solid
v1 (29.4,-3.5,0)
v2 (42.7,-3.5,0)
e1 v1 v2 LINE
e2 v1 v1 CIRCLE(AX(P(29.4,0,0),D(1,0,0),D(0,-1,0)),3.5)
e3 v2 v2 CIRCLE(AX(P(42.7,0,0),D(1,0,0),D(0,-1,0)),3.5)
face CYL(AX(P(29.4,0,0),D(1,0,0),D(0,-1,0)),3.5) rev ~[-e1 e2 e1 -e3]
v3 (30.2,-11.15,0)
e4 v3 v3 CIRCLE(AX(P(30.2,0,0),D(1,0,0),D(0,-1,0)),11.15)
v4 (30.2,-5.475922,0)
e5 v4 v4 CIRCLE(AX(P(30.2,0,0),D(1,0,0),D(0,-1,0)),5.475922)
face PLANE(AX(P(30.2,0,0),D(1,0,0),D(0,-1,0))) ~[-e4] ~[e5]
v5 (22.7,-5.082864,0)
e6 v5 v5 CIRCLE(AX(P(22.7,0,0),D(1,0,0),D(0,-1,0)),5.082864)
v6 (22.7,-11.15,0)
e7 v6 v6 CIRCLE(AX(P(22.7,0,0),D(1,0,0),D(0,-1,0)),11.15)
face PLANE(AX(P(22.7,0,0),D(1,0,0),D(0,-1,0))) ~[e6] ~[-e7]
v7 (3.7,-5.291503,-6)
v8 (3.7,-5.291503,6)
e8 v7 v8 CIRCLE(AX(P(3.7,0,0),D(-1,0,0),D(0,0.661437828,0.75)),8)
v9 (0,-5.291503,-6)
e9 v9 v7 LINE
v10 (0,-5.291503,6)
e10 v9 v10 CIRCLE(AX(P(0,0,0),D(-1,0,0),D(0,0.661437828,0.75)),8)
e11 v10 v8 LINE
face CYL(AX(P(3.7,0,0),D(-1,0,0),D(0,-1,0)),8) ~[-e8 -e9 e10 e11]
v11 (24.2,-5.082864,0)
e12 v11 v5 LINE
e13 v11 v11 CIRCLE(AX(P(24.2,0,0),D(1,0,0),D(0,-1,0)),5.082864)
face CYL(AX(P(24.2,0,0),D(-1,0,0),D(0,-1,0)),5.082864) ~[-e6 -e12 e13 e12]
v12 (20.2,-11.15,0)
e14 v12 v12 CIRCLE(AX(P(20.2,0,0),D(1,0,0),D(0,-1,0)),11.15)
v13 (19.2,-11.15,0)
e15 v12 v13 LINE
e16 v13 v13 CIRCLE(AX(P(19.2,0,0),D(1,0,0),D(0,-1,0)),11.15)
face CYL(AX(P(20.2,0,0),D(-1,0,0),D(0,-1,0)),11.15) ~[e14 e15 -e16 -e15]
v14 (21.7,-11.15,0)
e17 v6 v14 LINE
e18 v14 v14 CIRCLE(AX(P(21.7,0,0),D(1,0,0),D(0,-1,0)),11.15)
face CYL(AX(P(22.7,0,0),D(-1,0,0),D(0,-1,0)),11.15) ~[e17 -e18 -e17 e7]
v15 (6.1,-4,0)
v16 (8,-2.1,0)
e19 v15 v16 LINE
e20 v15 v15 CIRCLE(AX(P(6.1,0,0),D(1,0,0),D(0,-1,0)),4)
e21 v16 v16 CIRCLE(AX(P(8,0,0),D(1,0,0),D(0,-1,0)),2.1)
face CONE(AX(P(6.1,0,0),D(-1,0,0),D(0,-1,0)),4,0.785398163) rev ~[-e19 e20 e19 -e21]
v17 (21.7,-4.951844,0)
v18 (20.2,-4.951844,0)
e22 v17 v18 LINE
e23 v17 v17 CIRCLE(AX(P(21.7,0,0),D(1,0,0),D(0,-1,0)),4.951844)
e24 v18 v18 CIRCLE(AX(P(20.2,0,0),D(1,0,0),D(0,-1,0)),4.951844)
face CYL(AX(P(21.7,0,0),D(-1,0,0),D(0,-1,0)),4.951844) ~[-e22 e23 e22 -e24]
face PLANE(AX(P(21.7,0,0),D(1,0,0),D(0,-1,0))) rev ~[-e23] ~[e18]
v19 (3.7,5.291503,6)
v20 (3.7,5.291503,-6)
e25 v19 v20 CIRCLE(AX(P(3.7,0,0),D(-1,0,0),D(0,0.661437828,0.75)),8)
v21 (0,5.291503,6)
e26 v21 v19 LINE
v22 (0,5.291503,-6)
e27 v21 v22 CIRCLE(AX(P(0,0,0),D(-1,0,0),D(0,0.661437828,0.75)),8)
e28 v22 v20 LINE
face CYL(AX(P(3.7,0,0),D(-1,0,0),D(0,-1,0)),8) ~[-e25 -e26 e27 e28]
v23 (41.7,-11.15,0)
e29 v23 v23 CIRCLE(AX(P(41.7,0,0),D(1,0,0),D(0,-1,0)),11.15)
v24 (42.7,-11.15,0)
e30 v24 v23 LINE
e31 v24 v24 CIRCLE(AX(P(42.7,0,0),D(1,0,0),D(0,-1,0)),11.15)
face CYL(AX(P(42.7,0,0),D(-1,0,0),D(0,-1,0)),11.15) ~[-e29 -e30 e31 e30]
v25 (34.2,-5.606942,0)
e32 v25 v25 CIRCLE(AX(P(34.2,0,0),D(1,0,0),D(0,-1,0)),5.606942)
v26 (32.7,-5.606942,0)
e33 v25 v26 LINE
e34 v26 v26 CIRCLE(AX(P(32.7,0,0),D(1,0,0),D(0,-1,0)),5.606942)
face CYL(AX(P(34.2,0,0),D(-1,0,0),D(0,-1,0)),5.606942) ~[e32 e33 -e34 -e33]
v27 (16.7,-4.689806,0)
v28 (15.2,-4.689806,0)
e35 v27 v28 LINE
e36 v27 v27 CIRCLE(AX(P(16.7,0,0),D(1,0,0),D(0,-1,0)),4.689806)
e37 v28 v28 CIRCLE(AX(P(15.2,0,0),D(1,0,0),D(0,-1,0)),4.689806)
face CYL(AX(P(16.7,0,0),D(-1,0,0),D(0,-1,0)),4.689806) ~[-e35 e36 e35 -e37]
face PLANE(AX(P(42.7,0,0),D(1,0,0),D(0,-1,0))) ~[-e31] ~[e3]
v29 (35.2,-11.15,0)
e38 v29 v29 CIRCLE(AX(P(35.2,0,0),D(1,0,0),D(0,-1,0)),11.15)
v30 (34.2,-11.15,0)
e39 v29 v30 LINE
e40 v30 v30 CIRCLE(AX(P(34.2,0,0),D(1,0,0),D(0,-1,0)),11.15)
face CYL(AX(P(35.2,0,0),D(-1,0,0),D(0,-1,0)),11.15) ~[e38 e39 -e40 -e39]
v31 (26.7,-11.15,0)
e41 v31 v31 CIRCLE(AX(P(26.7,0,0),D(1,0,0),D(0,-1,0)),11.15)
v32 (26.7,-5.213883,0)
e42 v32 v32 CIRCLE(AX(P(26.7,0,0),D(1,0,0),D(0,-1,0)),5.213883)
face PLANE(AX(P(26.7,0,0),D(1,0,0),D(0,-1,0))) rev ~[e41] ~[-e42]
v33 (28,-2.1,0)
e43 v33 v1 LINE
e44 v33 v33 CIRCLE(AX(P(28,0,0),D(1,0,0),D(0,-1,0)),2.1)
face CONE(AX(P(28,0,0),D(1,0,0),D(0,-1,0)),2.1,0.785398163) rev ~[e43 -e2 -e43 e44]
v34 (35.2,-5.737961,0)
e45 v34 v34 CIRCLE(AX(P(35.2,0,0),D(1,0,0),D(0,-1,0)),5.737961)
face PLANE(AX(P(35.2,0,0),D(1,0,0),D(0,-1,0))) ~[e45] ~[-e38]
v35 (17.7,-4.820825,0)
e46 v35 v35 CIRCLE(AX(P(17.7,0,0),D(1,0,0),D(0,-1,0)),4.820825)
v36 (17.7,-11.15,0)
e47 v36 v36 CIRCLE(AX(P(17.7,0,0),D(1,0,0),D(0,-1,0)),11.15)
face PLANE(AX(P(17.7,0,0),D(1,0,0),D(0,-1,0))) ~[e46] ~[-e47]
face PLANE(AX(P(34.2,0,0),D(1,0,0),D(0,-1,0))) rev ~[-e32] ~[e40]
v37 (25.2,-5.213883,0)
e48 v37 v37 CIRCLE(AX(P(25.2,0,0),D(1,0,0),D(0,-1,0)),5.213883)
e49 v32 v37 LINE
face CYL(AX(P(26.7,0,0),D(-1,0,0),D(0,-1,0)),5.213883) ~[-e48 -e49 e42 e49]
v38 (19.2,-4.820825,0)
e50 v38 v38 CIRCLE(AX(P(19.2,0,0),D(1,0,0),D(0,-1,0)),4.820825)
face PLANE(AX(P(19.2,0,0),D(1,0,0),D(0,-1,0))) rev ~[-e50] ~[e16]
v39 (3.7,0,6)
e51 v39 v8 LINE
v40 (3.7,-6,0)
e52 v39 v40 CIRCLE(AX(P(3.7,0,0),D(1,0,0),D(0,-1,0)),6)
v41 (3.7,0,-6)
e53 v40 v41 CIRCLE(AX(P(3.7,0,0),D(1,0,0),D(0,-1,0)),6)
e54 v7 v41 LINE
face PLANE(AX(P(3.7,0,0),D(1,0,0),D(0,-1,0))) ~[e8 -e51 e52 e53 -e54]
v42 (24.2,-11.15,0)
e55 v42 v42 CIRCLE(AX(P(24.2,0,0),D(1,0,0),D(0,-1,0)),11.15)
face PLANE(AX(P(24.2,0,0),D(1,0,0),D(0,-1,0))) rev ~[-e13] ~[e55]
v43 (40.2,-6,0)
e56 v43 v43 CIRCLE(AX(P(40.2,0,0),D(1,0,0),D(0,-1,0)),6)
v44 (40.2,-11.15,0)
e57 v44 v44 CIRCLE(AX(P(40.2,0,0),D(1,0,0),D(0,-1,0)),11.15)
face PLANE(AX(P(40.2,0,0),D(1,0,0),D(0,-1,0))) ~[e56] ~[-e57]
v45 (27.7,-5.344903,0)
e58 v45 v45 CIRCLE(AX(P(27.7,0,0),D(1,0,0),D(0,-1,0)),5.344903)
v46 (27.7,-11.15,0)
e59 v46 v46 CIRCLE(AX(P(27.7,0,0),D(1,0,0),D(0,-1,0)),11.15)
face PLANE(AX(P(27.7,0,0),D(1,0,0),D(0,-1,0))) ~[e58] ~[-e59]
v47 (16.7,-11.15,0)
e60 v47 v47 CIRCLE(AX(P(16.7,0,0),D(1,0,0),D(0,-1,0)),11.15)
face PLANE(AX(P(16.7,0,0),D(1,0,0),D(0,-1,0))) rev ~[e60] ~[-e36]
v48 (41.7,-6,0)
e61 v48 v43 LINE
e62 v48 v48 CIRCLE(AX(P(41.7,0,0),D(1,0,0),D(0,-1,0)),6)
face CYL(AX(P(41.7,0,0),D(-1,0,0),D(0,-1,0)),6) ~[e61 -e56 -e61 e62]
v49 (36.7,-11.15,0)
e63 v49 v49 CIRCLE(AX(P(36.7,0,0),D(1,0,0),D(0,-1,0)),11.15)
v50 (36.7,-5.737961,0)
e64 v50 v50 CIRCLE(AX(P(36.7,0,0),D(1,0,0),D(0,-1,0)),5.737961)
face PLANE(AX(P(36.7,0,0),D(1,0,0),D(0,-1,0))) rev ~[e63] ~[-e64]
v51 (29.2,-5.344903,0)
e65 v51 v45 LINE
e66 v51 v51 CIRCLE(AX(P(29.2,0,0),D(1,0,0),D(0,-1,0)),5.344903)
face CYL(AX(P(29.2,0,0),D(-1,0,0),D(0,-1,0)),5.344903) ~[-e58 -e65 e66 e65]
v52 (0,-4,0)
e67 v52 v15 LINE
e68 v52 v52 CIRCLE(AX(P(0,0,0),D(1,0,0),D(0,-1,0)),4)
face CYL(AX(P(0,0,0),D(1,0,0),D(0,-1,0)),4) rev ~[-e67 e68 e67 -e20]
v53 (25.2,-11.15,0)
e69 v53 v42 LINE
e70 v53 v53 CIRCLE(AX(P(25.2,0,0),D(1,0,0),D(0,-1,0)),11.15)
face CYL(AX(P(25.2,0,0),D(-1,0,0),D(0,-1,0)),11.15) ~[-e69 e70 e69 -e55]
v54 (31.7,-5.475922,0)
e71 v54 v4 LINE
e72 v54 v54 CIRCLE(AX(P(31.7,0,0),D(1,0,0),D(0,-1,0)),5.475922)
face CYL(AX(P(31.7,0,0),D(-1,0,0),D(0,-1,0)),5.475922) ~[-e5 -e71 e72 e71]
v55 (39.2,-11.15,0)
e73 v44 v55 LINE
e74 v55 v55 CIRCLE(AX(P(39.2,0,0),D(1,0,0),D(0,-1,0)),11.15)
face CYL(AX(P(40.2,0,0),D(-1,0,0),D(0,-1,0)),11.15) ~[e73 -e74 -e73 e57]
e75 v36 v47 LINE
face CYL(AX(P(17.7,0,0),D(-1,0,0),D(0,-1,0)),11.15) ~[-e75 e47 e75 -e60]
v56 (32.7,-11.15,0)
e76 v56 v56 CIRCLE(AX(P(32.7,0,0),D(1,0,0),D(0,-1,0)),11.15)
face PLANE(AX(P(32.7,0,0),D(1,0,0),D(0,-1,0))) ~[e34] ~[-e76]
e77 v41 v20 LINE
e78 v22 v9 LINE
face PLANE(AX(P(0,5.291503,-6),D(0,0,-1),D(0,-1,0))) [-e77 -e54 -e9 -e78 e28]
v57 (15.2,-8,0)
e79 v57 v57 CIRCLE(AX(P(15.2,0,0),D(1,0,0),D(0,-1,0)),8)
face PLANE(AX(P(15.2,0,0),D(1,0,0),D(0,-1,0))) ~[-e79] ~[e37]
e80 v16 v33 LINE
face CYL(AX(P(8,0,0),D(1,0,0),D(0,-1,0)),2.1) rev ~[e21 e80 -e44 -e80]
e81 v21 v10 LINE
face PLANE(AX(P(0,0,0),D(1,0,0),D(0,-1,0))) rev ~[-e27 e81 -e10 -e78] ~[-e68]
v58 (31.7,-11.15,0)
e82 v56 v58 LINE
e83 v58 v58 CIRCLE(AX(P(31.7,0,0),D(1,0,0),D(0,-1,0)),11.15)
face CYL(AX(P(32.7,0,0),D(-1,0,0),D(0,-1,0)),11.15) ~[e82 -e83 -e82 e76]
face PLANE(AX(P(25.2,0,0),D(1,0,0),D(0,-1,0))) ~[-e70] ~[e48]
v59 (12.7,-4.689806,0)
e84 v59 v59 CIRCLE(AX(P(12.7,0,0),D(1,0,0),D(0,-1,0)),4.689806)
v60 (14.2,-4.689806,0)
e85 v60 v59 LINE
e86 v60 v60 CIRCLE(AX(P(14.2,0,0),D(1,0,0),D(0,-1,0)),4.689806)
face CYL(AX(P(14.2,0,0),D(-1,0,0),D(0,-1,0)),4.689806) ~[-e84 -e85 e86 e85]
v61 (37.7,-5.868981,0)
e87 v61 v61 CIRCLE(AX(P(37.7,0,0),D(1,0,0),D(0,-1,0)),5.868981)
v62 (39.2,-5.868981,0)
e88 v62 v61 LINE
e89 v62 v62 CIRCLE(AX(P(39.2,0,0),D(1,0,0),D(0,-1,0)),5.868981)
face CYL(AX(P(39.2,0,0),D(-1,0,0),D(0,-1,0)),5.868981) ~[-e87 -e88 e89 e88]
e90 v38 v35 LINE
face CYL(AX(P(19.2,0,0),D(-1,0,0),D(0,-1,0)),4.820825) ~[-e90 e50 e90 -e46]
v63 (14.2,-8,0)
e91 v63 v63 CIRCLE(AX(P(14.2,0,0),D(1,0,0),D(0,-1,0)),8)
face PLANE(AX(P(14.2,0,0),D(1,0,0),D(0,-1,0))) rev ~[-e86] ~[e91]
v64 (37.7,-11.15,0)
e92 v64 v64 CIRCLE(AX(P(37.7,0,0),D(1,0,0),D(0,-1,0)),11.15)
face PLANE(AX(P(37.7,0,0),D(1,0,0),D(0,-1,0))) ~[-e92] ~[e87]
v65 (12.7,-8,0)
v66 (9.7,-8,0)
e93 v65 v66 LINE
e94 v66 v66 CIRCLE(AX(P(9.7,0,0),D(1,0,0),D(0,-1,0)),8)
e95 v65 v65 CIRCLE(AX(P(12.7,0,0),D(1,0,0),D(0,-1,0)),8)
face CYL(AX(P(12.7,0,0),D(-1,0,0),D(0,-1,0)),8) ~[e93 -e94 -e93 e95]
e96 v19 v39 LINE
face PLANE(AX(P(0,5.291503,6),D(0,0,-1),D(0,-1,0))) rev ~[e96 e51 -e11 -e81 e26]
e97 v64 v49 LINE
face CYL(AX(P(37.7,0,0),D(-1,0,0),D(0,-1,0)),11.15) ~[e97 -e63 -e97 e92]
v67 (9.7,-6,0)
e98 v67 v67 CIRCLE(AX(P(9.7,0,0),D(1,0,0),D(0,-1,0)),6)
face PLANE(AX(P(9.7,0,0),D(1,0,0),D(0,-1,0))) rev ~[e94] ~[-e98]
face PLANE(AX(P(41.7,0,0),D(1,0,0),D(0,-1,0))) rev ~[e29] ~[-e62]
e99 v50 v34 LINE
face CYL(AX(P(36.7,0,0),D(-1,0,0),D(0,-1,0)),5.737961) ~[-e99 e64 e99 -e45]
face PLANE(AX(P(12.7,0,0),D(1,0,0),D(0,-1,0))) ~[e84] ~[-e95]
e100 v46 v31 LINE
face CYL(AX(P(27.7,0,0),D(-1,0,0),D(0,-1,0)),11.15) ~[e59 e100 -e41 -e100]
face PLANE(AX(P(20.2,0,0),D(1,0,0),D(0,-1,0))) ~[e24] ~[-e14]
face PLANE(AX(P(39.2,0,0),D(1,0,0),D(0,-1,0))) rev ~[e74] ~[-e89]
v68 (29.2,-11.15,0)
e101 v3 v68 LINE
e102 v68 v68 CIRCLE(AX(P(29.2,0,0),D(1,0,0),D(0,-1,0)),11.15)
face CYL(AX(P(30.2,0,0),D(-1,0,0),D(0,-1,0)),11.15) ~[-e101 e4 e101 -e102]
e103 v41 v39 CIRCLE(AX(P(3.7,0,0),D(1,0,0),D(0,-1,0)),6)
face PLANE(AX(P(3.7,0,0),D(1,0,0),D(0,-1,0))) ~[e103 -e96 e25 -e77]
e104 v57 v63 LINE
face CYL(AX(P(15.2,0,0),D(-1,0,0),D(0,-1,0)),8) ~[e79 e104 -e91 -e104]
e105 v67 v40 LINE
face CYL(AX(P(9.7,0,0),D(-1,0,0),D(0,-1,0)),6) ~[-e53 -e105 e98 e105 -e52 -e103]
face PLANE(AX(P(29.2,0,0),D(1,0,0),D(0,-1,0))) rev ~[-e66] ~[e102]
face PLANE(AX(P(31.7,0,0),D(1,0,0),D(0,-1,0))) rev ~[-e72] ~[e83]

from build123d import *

# Parameters (mm, degrees)
CUT_EXTRUDE1_REACH = 44.7


with BuildPart() as part:
    # Sketch1 → Revolve1 (revolve)
    with BuildSketch(Plane.XY):
        Polygon((42.7, -3.5), (42.7, -11.15), (41.7, -11.15), (41.7, -6), (40.2, -6), (40.2, -11.15), (39.2, -11.15), (39.2, -5.868980552), (37.7, -5.868980552), (37.7, -11.15), (36.7, -11.15), (36.7, -5.737961104), (35.2, -5.737961104), (35.2, -11.15), (34.2, -11.15), (34.2, -5.606941655), (32.7, -5.606941655), (32.7, -11.15), (31.7, -11.15), (31.7, -5.475922207), (30.2, -5.475922207), (30.2, -11.15), (29.2, -11.15), (29.2, -5.344902759), (27.7, -5.344902759), (27.7, -11.15), (26.7, -11.15), (26.7, -5.213883311), (25.2, -5.213883311), (25.2, -11.15), (24.2, -11.15), (24.2, -5.082863863), (22.7, -5.082863863), (22.7, -11.15), (21.7, -11.15), (21.7, -4.951844414), (20.2, -4.951844414), (20.2, -11.15), (19.2, -11.15), (19.2, -4.820824966), (17.7, -4.820824966), (17.7, -11.15), (16.7, -11.15), (16.7, -4.689805518), (15.2, -4.689805518), (15.2, -8), (14.2, -8), (14.2, -4.689805518), (12.7, -4.689805518), (12.7, -8), (9.7, -8), (9.7, -6), (3.7, -6), (3.7, -8), (0, -8), (0, -4), (6.1, -4), (8, -2.1), (28, -2.1), (29.4, -3.5), align=None)
    revolve(axis=Axis((0, 0, 0), (1, 0, 0)))

    # Sketch2 → Cut-Extrude1 (cut, up to next)
    with BuildSketch(Plane.ZY, mode=Mode.PRIVATE) as cut_extrude1_sk1:
        with BuildLine():
            Line((6, 5.291502622), (6, -5.291502622))
            ThreePointArc((6, -5.291502622), (8, 0), (6, 5.291502622))
        make_face()
    cut_extrude1_tool1 = extrude(cut_extrude1_sk1.sketch, amount=-CUT_EXTRUDE1_REACH, mode=Mode.PRIVATE) & part.part
    add(cut_extrude1_tool1.solids().sort_by_distance((0, 0, 6.809243))[0], mode=Mode.SUBTRACT)
    # Sketch2 → Cut-Extrude1 (cut, up to next)
    with BuildSketch(Plane.ZY, mode=Mode.PRIVATE) as cut_extrude1_sk2:
        with BuildLine():
            Line((-6, 5.291502622), (-6, -5.291502622))
            ThreePointArc((-6, -5.291502622), (-8, 0), (-6, 5.291502622))
        make_face()
    cut_extrude1_tool2 = extrude(cut_extrude1_sk2.sketch, amount=-CUT_EXTRUDE1_REACH, mode=Mode.PRIVATE) & part.part
    add(cut_extrude1_tool2.solids().sort_by_distance((0, 0, -6.809243))[0], mode=Mode.SUBTRACT)


solid = part.part
